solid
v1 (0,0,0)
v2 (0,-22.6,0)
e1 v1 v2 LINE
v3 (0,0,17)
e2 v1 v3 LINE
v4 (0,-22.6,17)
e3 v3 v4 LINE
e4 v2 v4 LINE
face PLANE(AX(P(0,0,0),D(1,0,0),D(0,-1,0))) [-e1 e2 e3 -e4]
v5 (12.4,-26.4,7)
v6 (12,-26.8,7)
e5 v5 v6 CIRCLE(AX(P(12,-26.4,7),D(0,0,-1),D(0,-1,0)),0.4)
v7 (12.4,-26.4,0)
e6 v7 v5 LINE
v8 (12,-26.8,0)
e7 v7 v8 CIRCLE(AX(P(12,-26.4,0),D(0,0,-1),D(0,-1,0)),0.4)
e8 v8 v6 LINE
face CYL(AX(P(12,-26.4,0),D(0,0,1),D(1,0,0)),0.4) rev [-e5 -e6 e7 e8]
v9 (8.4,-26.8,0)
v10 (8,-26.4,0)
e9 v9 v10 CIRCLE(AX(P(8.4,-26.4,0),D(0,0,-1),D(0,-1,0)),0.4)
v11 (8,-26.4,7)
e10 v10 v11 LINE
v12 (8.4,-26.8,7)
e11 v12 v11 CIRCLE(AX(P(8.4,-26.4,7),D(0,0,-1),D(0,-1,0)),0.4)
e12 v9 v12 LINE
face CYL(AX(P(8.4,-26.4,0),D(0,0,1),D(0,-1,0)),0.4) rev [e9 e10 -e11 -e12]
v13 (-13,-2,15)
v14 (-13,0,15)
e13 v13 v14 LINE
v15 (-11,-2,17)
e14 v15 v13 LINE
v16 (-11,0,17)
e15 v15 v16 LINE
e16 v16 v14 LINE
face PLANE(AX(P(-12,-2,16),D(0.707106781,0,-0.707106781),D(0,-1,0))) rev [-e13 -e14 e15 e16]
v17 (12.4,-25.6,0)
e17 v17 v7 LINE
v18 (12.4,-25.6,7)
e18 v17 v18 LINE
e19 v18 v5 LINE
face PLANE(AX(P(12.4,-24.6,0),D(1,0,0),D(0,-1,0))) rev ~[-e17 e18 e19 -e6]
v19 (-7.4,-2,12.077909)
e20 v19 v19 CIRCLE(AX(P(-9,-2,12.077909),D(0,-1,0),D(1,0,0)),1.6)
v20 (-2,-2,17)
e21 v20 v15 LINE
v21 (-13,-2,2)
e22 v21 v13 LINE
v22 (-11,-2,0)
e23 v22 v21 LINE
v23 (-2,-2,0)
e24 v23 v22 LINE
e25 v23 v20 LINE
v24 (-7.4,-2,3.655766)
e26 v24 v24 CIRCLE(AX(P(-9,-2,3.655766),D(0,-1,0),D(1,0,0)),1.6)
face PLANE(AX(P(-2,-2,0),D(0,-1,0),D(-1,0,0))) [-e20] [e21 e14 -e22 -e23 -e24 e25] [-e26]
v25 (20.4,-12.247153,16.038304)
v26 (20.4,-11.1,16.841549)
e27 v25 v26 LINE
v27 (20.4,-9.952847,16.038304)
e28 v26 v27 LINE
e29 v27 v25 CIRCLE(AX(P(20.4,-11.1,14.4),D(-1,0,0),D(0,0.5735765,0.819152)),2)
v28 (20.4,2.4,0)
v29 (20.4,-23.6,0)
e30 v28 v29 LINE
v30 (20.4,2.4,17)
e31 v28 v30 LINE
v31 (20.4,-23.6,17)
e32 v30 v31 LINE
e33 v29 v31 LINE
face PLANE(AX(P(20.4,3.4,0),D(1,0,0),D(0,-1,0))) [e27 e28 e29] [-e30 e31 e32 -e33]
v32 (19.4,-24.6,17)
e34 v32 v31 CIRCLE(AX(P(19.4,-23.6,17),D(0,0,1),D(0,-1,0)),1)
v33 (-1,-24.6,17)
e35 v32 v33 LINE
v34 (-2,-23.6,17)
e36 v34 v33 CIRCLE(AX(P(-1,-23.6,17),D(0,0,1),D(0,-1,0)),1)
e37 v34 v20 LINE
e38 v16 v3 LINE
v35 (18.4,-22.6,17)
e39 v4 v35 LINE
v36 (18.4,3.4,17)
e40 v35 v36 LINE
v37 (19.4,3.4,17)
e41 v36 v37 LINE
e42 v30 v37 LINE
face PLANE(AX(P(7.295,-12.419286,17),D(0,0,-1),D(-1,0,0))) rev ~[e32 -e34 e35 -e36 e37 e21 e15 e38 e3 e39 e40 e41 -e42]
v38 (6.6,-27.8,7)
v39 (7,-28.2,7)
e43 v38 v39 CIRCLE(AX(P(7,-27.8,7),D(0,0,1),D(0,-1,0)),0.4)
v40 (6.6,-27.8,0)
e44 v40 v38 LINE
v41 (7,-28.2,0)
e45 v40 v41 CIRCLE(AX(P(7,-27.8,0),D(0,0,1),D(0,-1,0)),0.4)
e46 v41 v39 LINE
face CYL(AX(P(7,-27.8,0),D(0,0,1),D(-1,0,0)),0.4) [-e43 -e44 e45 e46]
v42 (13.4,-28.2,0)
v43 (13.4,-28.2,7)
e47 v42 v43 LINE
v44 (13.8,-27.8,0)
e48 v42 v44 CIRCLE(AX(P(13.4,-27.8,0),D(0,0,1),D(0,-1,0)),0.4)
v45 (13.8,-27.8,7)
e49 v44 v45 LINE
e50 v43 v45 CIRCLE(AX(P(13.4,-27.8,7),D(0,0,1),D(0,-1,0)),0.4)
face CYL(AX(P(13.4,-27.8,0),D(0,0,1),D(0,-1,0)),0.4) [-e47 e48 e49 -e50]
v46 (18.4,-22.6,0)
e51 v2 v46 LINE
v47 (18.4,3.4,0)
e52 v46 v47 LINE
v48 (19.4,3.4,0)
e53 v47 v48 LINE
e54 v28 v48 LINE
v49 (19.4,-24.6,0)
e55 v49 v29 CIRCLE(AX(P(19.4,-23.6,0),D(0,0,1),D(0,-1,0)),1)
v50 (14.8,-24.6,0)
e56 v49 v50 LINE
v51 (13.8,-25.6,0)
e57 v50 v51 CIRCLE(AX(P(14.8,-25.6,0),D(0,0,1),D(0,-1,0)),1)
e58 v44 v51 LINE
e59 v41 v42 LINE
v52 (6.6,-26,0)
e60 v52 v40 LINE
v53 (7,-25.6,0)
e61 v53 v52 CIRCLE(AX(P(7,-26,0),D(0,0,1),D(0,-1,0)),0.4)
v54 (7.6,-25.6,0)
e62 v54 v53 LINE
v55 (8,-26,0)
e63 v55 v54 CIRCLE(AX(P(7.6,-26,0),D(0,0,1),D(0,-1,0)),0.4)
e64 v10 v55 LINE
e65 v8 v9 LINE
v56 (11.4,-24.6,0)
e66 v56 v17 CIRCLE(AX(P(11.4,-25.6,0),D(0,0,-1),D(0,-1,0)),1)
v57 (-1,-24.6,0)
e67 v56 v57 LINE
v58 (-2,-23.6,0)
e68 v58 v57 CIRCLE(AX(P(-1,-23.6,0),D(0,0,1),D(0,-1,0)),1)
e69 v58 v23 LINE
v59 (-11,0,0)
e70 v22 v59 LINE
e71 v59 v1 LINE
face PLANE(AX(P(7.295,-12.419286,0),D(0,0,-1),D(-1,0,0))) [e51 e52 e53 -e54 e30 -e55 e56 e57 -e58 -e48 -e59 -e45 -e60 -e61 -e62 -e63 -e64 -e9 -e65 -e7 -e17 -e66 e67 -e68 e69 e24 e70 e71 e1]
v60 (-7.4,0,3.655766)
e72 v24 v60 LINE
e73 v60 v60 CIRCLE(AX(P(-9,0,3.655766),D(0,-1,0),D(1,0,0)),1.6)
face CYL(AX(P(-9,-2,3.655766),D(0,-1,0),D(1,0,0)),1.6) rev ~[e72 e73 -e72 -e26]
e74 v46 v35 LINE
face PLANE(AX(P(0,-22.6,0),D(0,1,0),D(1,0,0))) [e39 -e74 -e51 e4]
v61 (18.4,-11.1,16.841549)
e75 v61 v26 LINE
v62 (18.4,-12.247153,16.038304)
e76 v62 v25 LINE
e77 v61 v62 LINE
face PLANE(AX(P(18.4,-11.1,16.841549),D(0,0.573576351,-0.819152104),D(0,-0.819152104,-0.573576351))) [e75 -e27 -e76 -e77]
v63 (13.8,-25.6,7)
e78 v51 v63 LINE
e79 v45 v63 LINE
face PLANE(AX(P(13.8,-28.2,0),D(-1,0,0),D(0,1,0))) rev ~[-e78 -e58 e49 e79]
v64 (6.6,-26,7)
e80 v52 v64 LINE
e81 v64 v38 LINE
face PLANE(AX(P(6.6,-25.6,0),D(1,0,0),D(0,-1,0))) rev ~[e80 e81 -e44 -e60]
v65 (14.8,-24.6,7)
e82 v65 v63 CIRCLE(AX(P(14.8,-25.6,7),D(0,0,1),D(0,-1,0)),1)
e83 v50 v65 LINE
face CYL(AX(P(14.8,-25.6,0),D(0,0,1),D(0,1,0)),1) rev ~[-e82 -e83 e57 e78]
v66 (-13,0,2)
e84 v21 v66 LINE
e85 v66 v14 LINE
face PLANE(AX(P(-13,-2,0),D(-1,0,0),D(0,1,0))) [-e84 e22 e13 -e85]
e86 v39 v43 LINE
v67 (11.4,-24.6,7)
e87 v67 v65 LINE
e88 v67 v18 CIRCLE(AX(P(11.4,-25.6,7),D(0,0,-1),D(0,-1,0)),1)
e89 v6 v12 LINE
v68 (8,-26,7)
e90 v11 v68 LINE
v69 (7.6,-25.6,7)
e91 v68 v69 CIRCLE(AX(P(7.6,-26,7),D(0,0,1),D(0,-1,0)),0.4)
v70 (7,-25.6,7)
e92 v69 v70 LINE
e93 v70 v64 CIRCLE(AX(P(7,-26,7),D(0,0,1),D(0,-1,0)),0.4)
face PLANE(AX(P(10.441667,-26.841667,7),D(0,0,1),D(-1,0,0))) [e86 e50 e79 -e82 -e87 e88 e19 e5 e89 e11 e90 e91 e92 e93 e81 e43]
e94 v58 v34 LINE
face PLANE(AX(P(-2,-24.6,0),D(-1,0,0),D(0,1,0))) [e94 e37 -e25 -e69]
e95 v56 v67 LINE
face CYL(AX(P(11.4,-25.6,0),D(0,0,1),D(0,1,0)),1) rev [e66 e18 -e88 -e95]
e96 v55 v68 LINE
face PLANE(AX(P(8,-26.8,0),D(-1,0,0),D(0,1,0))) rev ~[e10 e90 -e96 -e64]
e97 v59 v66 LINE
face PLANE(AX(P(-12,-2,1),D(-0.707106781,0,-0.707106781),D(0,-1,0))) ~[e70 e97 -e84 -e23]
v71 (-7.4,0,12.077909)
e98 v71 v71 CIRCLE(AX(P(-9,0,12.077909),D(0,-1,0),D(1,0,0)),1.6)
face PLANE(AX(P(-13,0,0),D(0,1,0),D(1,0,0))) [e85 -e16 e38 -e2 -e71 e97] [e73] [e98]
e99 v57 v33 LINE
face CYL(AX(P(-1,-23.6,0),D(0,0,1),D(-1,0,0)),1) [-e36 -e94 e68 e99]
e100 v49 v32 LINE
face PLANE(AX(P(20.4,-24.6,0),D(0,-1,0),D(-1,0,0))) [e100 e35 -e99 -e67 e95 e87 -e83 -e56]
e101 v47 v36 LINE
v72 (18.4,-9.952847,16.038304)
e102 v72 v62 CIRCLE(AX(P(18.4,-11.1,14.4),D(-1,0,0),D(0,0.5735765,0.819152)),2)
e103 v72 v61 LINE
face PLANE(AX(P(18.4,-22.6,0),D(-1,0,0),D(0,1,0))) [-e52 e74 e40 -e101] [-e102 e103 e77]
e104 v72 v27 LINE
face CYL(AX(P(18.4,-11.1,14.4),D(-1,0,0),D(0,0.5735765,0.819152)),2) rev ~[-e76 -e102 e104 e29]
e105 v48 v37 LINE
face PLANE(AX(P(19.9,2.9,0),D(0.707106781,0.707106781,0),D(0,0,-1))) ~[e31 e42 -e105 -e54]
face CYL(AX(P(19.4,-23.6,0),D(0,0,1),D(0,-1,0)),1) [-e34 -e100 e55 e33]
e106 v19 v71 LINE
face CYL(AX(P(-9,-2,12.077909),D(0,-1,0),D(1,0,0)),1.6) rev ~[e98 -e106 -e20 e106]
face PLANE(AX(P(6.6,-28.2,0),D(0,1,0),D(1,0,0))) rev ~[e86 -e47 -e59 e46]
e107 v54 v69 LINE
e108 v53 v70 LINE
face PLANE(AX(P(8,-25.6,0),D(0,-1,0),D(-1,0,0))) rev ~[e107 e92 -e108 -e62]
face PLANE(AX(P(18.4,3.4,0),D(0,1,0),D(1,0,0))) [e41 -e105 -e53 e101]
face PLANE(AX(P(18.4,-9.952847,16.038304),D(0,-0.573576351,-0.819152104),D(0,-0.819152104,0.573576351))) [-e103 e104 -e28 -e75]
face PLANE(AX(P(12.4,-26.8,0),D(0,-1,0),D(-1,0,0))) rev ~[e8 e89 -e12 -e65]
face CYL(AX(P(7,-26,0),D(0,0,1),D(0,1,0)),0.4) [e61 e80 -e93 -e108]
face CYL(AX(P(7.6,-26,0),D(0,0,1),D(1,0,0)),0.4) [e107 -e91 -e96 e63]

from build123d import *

# Parameters (mm, degrees)
PAD_DEPTH       = 17
SKETCH001_R     = 1.6
POCKET_DEPTH    = 5
POCKET002_DEPTH = 5
FILLET_R        = 1
CHAMFER001_SIZE = 2
CHAMFER002_SIZE = 1
PAD001_DEPTH    = 7
FILLET001_R     = 1
FILLET002_R     = 0.4


with BuildPart() as part:
    # Sketch → Pad (new body)
    with BuildSketch(Plane.XY):
        Polygon((-2, -24.6), (-2, -2), (-13, -2), (-13, 0), (0, 0), (0, -22.6), (18.4, -22.6), (18.4, 3.4), (20.4, 3.4), (20.4, -24.6), align=None)
    extrude(amount=PAD_DEPTH)

    # Sketch001 (on Face2 of Pad) → Pocket (cut)
    with BuildSketch(Plane.XZ.offset(2)):
        with Locations((-9, 3.655766)):
            Circle(SKETCH001_R)
        with Locations((-9, 12.077909)):
            Circle(SKETCH001_R)
    extrude(amount=-POCKET_DEPTH, mode=Mode.SUBTRACT)

    # Sketch003 → Pocket002 (cut)
    with BuildSketch(Plane(origin=(18.4, 0, 0), x_dir=(0, -1, 0), z_dir=(-1, 0, 0))):
        with BuildLine():
            ThreePointArc((9.952847, 16.038304), (11.1, 12.4), (12.247153, 16.038304))
            Line((11.1, 16.841549), (12.247153, 16.038304))
            Line((9.952847, 16.038304), (11.1, 16.841549))
        make_face()
    extrude(amount=-POCKET002_DEPTH, mode=Mode.SUBTRACT)

    # Fillet
    fillet_edges = [part.edges().sort_by_distance(p)[0] for p in [
        (-2, -24.6, 8.5),
        (20.4, -24.6, 8.5),
    ]]
    fillet(fillet_edges, radius=FILLET_R)

    # Chamfer001
    chamfer001_edges = [part.edges().sort_by_distance(p)[0] for p in [
        (-13, -1, 17),
        (-13, -1, 0),
    ]]
    chamfer(chamfer001_edges, length=CHAMFER001_SIZE)

    # Chamfer002
    chamfer002_edges = [part.edges().sort_by_distance(p)[0] for p in [
        (20.4, 3.4, 8.5),
    ]]
    chamfer(chamfer002_edges, length=CHAMFER002_SIZE)

    # Sketch004 (on Face1 of Chamfer002) → Pad001 (join)
    with BuildSketch(Plane(origin=(0, 0, 0), x_dir=(1, 0, 0), z_dir=(0, 0, -1))):
        Polygon((13.8, 24.6), (12.4, 24.6), (12.4, 26.8), (8, 26.8), (8, 25.6), (6.6, 25.6), (6.6, 28.2), (13.8, 28.2), align=None)
    extrude(amount=-PAD001_DEPTH)

    # Fillet001
    fillet001_edges = [part.edges().sort_by_distance(p)[0] for p in [
        (12.4, -24.6, 3.5),
        (13.8, -24.6, 3.5),
    ]]
    fillet(fillet001_edges, radius=FILLET001_R)

    # Fillet002
    fillet002_edges = [part.edges().sort_by_distance(p)[0] for p in [
        (13.8, -28.2, 3.5),
        (6.6, -28.2, 3.5),
        (6.6, -25.6, 3.5),
        (12.4, -26.8, 3.5),
        (8, -26.8, 3.5),
        (8, -25.6, 3.5),
    ]]
    fillet(fillet002_edges, radius=FILLET002_R)


solid = part.part
